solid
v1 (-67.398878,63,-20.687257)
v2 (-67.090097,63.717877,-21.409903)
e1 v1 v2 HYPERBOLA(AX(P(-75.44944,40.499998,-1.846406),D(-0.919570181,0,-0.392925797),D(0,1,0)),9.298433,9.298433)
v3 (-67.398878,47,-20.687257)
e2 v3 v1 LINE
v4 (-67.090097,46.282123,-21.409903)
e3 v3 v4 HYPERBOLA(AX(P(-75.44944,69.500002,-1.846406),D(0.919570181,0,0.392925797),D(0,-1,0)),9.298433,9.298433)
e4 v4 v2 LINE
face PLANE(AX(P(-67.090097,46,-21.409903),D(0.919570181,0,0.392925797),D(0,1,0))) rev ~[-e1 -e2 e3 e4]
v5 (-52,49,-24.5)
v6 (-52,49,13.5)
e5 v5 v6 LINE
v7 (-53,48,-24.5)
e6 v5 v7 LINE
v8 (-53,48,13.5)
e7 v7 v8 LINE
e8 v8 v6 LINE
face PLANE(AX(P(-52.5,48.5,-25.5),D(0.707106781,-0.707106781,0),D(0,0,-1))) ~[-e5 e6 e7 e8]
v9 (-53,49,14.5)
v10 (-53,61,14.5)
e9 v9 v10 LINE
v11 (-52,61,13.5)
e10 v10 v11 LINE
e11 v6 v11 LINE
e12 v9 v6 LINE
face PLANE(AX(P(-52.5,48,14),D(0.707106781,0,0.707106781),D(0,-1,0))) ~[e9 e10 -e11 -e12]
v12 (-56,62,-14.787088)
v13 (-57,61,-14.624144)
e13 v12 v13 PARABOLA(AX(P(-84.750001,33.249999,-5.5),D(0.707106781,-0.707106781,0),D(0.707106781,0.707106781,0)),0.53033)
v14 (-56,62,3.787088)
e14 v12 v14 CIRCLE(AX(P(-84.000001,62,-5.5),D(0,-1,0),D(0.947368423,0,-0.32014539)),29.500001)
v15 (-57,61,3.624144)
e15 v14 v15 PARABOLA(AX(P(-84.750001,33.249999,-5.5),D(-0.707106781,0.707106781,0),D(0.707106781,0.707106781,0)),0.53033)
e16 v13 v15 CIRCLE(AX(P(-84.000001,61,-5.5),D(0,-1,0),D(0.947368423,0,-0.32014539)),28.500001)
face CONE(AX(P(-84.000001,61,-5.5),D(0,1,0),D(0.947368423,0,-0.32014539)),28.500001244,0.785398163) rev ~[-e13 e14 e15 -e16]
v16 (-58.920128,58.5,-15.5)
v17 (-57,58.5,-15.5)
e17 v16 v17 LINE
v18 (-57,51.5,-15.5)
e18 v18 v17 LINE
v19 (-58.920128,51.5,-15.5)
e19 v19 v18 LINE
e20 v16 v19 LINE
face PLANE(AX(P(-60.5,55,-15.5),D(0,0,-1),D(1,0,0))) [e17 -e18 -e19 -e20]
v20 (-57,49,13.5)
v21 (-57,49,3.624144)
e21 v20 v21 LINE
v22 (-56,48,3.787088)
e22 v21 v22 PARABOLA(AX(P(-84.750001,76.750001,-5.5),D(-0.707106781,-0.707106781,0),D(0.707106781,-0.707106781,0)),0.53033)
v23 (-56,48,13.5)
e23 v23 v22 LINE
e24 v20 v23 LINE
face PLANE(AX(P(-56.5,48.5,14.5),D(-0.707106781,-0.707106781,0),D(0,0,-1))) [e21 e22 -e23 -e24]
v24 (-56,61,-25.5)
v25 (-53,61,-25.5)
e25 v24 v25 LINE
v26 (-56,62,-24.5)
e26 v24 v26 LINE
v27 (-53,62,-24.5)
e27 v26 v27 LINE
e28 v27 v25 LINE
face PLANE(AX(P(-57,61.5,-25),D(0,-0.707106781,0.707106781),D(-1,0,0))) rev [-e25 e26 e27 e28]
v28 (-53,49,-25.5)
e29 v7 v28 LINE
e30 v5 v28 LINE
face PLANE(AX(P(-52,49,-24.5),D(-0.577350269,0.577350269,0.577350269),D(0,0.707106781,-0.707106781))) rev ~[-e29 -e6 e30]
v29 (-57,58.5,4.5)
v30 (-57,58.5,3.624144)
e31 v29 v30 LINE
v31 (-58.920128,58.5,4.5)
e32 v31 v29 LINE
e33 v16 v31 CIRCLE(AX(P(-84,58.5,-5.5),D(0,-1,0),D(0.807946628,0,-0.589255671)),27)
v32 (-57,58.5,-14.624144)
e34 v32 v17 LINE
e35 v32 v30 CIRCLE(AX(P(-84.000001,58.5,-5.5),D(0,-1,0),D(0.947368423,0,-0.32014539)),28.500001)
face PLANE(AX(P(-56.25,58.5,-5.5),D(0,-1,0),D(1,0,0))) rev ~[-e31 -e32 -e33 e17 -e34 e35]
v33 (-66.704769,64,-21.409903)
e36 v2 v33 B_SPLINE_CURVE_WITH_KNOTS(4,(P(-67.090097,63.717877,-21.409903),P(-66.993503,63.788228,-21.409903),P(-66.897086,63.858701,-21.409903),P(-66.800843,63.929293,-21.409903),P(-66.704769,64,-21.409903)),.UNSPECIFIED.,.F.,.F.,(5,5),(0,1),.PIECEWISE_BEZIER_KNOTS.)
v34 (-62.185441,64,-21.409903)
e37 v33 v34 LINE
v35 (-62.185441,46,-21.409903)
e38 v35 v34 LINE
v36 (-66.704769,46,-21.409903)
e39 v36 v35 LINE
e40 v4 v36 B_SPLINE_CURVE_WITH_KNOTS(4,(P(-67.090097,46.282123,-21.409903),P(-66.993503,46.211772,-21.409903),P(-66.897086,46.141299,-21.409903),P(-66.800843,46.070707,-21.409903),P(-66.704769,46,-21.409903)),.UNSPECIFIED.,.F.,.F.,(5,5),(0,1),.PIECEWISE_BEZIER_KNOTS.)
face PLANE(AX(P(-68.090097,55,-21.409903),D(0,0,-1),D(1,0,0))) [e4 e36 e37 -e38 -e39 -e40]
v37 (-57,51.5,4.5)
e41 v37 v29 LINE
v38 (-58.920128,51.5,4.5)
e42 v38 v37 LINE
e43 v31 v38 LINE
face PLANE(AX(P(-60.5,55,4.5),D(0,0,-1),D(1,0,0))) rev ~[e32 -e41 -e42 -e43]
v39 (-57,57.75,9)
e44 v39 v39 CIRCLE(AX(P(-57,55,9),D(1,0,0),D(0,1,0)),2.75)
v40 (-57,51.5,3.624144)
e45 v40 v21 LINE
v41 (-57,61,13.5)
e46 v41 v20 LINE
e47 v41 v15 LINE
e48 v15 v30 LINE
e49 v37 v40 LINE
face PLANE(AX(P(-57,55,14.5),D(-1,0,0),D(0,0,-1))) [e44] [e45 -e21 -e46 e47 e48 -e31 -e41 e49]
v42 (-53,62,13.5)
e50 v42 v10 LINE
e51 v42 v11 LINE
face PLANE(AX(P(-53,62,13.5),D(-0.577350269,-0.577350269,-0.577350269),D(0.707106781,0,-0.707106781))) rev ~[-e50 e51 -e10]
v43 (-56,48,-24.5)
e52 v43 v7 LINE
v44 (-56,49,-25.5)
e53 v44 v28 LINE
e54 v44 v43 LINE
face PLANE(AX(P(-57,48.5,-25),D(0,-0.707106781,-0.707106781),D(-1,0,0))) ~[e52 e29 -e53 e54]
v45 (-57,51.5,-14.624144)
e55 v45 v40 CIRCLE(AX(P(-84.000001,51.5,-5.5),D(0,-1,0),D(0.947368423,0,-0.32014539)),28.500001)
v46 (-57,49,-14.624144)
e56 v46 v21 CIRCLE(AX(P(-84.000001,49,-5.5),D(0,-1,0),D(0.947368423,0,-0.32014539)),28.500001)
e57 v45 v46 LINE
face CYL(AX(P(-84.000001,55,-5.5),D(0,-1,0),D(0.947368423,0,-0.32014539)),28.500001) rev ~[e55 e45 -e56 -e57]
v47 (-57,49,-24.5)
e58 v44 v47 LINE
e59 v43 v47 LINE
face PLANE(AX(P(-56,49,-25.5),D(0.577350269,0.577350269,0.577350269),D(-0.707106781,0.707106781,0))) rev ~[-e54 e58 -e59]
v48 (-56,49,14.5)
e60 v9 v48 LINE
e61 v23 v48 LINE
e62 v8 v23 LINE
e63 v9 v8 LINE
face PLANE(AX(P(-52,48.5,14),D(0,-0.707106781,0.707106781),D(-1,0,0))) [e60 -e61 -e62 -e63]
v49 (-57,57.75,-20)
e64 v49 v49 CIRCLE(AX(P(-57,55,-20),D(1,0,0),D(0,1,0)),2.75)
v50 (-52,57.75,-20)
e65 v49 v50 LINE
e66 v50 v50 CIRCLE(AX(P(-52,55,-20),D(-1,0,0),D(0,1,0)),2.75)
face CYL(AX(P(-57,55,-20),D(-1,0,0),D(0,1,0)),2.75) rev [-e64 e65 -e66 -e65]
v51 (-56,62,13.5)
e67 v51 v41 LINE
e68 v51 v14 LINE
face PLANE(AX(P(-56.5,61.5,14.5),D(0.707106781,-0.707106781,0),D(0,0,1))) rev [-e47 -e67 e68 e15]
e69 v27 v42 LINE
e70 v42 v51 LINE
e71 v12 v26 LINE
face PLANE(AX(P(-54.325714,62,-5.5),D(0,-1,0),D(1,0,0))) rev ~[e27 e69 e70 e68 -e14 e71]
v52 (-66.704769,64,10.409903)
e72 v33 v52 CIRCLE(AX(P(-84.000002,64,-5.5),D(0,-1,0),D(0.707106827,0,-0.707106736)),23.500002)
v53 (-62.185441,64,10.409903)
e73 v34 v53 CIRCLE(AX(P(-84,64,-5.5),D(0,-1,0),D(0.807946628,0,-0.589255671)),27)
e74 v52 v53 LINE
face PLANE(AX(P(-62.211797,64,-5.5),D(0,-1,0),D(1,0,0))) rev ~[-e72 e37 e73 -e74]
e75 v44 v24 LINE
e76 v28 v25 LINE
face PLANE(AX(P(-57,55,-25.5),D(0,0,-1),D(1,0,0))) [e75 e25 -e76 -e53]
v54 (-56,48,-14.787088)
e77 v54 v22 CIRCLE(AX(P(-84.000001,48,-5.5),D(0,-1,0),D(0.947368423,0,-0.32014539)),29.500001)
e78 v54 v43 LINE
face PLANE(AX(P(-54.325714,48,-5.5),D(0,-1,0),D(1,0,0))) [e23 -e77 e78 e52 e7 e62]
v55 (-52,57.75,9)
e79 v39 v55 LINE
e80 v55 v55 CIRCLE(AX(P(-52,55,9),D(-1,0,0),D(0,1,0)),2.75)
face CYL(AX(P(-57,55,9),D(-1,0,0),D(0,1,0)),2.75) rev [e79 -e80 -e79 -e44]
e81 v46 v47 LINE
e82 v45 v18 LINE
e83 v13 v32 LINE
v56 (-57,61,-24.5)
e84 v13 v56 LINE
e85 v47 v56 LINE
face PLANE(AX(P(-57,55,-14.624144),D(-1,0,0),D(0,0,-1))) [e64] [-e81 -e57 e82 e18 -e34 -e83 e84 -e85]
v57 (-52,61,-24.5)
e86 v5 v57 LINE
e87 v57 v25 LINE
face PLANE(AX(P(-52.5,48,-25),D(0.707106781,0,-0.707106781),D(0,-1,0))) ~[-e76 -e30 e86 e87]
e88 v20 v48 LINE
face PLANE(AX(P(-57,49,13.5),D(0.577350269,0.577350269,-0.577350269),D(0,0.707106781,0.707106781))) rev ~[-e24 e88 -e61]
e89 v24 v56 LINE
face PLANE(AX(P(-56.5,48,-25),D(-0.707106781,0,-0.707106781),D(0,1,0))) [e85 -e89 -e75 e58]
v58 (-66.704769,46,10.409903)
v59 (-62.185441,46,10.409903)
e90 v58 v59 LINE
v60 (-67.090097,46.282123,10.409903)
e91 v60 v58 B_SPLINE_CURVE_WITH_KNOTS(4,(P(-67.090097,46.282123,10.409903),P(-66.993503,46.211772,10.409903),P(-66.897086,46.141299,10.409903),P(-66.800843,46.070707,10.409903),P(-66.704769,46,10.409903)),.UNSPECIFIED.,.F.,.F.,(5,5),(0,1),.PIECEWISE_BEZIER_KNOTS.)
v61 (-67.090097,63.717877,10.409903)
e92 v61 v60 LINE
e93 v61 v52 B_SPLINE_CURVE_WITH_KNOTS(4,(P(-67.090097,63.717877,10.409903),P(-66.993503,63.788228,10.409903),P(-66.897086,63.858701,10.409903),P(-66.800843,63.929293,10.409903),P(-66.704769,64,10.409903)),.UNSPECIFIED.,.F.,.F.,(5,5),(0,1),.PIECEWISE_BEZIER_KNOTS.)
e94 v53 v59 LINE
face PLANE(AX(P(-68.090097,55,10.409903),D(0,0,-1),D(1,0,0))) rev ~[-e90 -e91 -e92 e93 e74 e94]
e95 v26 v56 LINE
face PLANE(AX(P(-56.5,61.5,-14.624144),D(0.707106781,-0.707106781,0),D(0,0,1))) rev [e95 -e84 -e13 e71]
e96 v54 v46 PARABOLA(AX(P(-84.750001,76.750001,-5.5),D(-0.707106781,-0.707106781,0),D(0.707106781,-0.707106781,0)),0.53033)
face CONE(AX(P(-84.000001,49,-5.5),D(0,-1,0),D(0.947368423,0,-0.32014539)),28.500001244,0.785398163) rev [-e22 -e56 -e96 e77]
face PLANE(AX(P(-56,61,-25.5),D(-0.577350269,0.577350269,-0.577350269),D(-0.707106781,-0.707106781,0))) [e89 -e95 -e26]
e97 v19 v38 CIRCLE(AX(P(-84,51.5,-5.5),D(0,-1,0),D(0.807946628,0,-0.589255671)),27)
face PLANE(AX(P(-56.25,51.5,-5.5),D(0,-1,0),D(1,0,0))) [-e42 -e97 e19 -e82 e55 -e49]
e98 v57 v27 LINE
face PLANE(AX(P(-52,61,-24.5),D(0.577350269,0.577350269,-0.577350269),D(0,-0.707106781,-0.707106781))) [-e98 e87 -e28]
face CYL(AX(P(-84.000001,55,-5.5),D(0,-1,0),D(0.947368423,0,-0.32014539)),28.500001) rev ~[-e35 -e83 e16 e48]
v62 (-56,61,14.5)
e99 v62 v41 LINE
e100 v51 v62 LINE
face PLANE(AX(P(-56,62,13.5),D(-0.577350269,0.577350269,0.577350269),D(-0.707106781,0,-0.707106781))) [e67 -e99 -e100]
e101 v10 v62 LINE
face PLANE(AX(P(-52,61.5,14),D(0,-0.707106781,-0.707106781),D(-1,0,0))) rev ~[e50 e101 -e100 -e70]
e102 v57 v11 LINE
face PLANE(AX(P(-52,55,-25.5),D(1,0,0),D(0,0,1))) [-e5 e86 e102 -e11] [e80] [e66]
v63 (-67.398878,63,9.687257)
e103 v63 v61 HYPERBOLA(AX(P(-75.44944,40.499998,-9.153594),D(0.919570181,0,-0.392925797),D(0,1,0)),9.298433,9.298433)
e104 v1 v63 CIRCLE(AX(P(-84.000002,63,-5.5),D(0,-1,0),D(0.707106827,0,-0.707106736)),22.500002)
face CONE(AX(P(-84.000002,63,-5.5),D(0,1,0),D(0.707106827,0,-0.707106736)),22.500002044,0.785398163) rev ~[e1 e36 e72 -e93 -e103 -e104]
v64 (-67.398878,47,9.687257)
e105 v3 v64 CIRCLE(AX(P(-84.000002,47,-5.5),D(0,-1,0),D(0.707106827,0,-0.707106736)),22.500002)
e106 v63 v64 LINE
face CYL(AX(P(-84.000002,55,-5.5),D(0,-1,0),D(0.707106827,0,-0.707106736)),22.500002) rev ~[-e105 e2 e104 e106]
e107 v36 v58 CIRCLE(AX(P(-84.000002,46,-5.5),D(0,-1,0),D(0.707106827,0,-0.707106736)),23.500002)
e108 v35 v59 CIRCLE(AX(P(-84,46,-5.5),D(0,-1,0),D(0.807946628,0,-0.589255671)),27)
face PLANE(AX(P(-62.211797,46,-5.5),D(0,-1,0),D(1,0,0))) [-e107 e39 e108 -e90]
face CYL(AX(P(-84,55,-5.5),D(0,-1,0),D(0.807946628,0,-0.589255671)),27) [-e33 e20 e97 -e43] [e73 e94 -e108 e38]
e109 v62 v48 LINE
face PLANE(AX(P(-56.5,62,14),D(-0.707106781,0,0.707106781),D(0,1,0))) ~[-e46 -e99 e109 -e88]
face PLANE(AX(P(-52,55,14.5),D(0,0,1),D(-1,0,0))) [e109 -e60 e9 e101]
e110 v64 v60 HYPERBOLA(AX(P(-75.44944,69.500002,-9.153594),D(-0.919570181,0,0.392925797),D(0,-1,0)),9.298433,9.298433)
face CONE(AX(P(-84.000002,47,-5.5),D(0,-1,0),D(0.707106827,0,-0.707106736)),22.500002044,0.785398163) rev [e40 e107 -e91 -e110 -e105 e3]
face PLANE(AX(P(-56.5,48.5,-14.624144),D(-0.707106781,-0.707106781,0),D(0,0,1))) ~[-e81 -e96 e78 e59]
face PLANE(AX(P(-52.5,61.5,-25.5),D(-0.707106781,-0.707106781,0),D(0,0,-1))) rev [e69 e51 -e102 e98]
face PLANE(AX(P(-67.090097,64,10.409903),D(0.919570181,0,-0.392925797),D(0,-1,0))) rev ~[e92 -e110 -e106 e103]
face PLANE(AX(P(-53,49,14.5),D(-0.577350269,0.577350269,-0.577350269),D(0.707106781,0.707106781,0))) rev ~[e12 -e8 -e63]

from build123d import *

# Parameters (mm, degrees)
PAD017_DEPTH    = 9
SKETCH031_W     = 8.5
SKETCH031_H     = 20
PAD018_DEPTH    = 3.5
PAD019_DEPTH    = 7
SKETCH033_R     = 2.75
POCKET013_DEPTH = 5.001
CHAMFER014_SIZE = 1


with BuildPart() as part:
    # Sketch030 → Pad017 (new body, symmetric)
    with BuildSketch(Plane.XZ):
        with BuildLine():
            ThreePointArc((-62.185441, -21.409903), (-57, -5.5), (-62.185441, 10.409903))
            Line((-68.090097, 10.409903), (-62.185441, 10.409903))
            ThreePointArc((-68.090097, -21.409903), (-61.5, -5.5), (-68.090097, 10.409903))
            Line((-68.090097, -21.409903), (-62.185441, -21.409903))
        make_face()
    extrude(amount=PAD017_DEPTH, both=True)

    # Sketch031 → Pad018 (join, symmetric)
    with BuildSketch(Plane.XZ):
        with Locations((-56.25, -5.5)):
            Rectangle(SKETCH031_W, SKETCH031_H)
    extrude(amount=PAD018_DEPTH, both=True)

    # Sketch032 → Pad019 (join, symmetric)
    with BuildSketch(Plane.XZ):
        with BuildLine():
            Line((-52, 14.5), (-57, 14.5))
            Line((-57, 14.5), (-57, 3.624144))
            ThreePointArc((-57, -14.624144), (-55.5, -5.5), (-57, 3.624144))
            Line((-57, -14.624144), (-57, -25.5))
            Line((-57, -25.5), (-52, -25.5))
            Line((-52, -25.5), (-52, 14.5))
        make_face()
    extrude(amount=PAD019_DEPTH, both=True)

    # Sketch033 → Pocket013 (cut, through all)
    with BuildSketch(Plane.YZ.offset(-57)):
        with Locations((0, 9)):
            Circle(SKETCH033_R)
        with Locations((0, -20)):
            Circle(SKETCH033_R)
    extrude(amount=POCKET013_DEPTH, mode=Mode.SUBTRACT)

    # Chamfer014
    chamfer014_edges = [part.edges().sort_by_distance(p)[0] for p in [
        (-57, -7, -20.062072),
        (-54.5, -7, -25.5),
        (-52, -7, -5.5),
        (-54.5, -7, 14.5),
        (-57, -7, 9.062072),
        (-55.5, -7, -5.5),
        (-52, 0, 14.5),
        (-57, 0, 14.5),
        (-54.5, 7, 14.5),
        (-57, 7, -20.062072),
        (-54.5, 7, -25.5),
        (-52, 7, -5.5),
        (-57, 7, 9.062072),
        (-55.5, 7, -5.5),
        (-57, 0, -25.5),
        (-52, 0, -25.5),
        (-68.090097, 0, -21.409903),
        (-68.090097, 0, 10.409903),
        (-61.5, 9, -5.5),
        (-61.5, -9, -5.5),
    ]]
    chamfer(chamfer014_edges, length=CHAMFER014_SIZE)


with BuildPart() as part_1:
    # Body001008 placement: moved
    add(part.part.moved(Location((0, 55, 0))))


solid = part_1.part
